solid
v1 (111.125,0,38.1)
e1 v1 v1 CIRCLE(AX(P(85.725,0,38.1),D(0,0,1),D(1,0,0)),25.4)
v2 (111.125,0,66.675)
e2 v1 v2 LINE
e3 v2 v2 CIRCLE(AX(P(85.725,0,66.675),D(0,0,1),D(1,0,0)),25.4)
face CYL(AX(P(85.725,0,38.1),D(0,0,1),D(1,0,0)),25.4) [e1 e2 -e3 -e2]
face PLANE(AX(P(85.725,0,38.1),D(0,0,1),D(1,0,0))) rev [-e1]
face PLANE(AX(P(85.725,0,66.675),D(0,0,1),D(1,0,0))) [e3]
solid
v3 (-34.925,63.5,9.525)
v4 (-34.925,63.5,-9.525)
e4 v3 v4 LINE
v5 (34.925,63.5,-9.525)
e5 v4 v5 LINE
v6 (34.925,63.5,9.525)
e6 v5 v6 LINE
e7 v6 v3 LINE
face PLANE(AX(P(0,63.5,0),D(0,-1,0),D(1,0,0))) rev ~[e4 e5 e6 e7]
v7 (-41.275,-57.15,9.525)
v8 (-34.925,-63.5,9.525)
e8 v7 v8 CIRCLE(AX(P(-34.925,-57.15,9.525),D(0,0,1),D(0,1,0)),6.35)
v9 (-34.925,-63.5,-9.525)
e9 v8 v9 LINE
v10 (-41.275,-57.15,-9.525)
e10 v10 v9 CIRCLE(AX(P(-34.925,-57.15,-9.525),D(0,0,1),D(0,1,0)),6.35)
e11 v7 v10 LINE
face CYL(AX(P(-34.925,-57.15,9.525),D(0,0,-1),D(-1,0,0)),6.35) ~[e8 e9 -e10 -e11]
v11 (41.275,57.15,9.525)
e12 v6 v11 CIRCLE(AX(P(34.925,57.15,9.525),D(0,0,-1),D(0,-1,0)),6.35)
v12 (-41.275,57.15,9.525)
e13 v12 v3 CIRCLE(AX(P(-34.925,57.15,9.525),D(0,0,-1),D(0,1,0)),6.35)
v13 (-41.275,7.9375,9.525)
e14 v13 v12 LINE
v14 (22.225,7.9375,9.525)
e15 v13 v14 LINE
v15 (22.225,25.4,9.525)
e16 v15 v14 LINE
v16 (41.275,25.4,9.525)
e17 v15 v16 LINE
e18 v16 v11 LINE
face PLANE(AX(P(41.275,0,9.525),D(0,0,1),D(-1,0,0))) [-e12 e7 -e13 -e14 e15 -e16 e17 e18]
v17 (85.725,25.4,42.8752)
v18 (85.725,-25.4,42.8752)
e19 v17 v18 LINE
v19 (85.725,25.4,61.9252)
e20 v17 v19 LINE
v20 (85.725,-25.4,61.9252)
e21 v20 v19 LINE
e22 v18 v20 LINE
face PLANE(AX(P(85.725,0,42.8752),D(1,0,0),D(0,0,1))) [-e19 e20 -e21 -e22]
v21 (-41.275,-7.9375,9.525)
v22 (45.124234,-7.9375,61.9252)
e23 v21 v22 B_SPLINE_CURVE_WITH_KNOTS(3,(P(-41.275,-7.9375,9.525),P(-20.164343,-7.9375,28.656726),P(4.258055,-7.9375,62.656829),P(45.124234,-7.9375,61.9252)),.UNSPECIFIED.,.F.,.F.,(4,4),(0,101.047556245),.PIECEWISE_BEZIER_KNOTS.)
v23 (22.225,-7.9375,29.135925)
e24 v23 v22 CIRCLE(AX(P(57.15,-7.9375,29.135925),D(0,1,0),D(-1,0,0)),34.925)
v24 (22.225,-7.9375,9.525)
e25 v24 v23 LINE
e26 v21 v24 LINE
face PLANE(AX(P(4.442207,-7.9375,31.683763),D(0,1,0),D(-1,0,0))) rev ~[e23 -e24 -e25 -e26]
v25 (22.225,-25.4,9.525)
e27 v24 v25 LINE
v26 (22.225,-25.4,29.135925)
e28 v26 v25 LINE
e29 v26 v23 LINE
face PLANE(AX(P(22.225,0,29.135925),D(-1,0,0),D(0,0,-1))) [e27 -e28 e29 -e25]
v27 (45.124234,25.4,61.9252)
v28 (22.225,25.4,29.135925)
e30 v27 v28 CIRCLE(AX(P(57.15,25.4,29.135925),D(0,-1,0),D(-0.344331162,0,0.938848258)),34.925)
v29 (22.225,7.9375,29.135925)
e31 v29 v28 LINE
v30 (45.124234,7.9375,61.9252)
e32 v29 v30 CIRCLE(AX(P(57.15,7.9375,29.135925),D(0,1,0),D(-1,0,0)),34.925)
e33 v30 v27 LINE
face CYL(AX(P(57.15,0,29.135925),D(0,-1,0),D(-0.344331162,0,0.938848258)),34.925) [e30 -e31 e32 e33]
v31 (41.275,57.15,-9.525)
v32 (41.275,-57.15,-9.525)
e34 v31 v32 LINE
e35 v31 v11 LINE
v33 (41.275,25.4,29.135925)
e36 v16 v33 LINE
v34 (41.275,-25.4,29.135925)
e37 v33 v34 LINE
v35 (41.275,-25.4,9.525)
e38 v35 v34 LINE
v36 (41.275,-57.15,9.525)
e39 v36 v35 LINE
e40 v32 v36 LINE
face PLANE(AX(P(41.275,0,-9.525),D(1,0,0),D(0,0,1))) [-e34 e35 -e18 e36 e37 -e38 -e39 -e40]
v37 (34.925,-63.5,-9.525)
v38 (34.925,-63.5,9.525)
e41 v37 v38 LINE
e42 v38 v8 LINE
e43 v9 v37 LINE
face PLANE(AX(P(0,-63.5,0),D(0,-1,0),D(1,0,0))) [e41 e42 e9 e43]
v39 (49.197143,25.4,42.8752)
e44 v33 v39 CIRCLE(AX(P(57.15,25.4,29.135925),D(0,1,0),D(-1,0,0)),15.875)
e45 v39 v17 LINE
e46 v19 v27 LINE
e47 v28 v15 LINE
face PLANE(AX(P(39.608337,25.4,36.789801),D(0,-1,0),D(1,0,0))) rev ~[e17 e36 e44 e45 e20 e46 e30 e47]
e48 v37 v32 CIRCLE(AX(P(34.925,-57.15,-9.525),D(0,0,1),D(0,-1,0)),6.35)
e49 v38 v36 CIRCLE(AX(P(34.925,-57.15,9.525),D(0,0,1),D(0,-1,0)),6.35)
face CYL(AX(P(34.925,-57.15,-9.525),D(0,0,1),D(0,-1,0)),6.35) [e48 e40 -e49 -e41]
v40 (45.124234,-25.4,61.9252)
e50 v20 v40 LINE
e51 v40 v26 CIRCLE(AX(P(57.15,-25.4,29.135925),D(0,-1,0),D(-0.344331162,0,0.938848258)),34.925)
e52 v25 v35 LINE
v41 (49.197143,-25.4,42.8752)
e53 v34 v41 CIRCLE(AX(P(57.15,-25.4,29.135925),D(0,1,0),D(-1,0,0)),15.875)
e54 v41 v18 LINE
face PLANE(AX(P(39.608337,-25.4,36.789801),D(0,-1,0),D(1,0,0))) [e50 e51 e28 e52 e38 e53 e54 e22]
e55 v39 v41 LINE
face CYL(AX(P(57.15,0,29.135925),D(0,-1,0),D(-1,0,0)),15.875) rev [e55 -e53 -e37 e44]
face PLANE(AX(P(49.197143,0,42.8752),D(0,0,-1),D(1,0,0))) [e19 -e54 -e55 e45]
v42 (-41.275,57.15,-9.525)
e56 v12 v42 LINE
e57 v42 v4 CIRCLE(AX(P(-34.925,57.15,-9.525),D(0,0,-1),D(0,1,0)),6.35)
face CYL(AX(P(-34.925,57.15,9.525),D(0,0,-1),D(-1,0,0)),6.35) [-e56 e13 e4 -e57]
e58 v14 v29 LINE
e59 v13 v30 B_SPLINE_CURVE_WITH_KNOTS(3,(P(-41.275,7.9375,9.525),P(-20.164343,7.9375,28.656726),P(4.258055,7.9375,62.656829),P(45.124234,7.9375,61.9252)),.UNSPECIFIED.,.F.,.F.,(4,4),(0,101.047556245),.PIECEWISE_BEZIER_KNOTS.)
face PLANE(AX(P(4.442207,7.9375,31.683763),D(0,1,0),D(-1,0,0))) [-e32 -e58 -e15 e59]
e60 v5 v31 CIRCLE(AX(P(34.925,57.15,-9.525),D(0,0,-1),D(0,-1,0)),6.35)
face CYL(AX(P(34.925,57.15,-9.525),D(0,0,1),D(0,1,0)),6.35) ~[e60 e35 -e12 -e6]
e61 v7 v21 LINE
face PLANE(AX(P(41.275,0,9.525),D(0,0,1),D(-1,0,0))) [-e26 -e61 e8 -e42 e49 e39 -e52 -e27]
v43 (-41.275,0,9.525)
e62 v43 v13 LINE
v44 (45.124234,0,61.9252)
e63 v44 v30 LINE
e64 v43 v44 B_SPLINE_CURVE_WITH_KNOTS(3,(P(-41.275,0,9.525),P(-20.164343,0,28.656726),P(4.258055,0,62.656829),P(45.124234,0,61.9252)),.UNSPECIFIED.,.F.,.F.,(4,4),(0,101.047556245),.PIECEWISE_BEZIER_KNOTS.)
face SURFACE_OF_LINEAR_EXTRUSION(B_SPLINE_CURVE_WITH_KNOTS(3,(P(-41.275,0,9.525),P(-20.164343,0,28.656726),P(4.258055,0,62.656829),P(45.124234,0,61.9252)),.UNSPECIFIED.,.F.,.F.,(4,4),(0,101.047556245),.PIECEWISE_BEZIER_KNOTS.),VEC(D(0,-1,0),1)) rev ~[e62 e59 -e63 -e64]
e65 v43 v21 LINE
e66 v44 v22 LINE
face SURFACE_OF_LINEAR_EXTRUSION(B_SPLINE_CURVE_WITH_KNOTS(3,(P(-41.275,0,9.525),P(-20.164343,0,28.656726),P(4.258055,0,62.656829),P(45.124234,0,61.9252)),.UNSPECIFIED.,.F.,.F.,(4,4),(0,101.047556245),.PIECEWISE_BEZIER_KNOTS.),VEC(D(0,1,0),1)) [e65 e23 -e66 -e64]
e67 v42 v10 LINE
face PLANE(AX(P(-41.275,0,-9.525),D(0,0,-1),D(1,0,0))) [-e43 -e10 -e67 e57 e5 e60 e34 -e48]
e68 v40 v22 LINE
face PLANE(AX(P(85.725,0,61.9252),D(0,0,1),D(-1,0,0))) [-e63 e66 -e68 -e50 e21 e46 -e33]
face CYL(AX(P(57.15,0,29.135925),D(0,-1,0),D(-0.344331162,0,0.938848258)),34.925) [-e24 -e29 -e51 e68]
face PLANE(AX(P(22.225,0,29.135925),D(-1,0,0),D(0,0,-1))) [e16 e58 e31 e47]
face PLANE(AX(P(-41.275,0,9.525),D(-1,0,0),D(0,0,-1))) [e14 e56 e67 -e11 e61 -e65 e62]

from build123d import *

# Parameters (mm, degrees)
F1_DEPTH = 63.5
F0_W     = 25.4
F0_H     = 19.05
F2_DEPTH = 25.4
F3_DEPTH = 7.9375
F5_R     = 6.35


with BuildPart() as f1:
    # F0 (on Front) → F1 (new body, symmetric)
    with BuildSketch(Plane.XZ):
        Polygon((22.225, 9.525), (-41.275, 9.525), (-41.275, -9.525), (41.275, -9.525), (41.275, 9.525), align=None)
    extrude(amount=F1_DEPTH, both=True)

    # F0 (on Front) → F2 (join, symmetric)
    with BuildSketch(Plane.XZ):
        with BuildLine():
            Line((22.225, 29.1359246056), (22.225, 9.525))
            Line((22.225, 9.525), (41.275, 9.525))
            Line((41.275, 9.525), (41.275, 29.1359246056))
            ThreePointArc((41.275, 29.1359246056), (43.397414206, 37.0657423196), (49.1971428634, 42.8752))
            Line((49.1971428634, 42.8752), (60.325, 42.8752))
            Line((60.325, 42.8752), (60.325, 61.9252))
            Line((60.325, 61.9252), (45.1242341571, 61.9252))
            ThreePointArc((45.1242341571, 61.9252), (28.5164925562, 49.1328712842), (22.225, 29.1359246056))
        make_face()
        with Locations((73.025, 52.4002)):
            Rectangle(F0_W, F0_H)
    extrude(amount=F2_DEPTH, both=True)

    # F0 (on Front) → F3 (join, symmetric)
    with BuildSketch(Plane.XZ):
        with BuildLine():
            add(Edge.make_bspline(
                [(-41.275, 9.525), (-20.1643432395, 28.6567257552), (4.2580552399, 62.6568291336), (45.1242341571, 61.9252)],
                knots=[0, 0, 0, 0, 101.0475562445, 101.0475562445, 101.0475562445, 101.0475562445], degree=3))
            Line((-41.275, 9.525), (22.225, 9.525))
            Line((22.225, 9.525), (22.225, 29.1359246056))
            ThreePointArc((22.225, 29.1359246056), (28.5164925562, 49.1328712842), (45.1242341571, 61.9252))
        make_face()
    extrude(amount=F3_DEPTH, both=True)

    # F5
    f5_edges = [f1.edges().sort_by_distance(p)[0] for p in [
        (-41.275, -63.5, 0),
        (41.275, -63.5, 0),
        (-41.275, 63.5, 0),
        (41.275, 63.5, 0),
    ]]
    fillet(f5_edges, radius=F5_R)


with BuildPart() as f4:
    # F0 (on Front) → F4 (revolve)
    with BuildSketch(Plane.XZ):
        Polygon((85.725, 66.675), (85.725, 61.9252), (85.725, 42.8752), (85.725, 38.1), (111.125, 38.1), (111.125, 66.675), align=None)
    revolve(axis=Axis((85.725, 0, 52.3875), (0, 0, 1)))


solid = Compound([f1.part, f4.part])
